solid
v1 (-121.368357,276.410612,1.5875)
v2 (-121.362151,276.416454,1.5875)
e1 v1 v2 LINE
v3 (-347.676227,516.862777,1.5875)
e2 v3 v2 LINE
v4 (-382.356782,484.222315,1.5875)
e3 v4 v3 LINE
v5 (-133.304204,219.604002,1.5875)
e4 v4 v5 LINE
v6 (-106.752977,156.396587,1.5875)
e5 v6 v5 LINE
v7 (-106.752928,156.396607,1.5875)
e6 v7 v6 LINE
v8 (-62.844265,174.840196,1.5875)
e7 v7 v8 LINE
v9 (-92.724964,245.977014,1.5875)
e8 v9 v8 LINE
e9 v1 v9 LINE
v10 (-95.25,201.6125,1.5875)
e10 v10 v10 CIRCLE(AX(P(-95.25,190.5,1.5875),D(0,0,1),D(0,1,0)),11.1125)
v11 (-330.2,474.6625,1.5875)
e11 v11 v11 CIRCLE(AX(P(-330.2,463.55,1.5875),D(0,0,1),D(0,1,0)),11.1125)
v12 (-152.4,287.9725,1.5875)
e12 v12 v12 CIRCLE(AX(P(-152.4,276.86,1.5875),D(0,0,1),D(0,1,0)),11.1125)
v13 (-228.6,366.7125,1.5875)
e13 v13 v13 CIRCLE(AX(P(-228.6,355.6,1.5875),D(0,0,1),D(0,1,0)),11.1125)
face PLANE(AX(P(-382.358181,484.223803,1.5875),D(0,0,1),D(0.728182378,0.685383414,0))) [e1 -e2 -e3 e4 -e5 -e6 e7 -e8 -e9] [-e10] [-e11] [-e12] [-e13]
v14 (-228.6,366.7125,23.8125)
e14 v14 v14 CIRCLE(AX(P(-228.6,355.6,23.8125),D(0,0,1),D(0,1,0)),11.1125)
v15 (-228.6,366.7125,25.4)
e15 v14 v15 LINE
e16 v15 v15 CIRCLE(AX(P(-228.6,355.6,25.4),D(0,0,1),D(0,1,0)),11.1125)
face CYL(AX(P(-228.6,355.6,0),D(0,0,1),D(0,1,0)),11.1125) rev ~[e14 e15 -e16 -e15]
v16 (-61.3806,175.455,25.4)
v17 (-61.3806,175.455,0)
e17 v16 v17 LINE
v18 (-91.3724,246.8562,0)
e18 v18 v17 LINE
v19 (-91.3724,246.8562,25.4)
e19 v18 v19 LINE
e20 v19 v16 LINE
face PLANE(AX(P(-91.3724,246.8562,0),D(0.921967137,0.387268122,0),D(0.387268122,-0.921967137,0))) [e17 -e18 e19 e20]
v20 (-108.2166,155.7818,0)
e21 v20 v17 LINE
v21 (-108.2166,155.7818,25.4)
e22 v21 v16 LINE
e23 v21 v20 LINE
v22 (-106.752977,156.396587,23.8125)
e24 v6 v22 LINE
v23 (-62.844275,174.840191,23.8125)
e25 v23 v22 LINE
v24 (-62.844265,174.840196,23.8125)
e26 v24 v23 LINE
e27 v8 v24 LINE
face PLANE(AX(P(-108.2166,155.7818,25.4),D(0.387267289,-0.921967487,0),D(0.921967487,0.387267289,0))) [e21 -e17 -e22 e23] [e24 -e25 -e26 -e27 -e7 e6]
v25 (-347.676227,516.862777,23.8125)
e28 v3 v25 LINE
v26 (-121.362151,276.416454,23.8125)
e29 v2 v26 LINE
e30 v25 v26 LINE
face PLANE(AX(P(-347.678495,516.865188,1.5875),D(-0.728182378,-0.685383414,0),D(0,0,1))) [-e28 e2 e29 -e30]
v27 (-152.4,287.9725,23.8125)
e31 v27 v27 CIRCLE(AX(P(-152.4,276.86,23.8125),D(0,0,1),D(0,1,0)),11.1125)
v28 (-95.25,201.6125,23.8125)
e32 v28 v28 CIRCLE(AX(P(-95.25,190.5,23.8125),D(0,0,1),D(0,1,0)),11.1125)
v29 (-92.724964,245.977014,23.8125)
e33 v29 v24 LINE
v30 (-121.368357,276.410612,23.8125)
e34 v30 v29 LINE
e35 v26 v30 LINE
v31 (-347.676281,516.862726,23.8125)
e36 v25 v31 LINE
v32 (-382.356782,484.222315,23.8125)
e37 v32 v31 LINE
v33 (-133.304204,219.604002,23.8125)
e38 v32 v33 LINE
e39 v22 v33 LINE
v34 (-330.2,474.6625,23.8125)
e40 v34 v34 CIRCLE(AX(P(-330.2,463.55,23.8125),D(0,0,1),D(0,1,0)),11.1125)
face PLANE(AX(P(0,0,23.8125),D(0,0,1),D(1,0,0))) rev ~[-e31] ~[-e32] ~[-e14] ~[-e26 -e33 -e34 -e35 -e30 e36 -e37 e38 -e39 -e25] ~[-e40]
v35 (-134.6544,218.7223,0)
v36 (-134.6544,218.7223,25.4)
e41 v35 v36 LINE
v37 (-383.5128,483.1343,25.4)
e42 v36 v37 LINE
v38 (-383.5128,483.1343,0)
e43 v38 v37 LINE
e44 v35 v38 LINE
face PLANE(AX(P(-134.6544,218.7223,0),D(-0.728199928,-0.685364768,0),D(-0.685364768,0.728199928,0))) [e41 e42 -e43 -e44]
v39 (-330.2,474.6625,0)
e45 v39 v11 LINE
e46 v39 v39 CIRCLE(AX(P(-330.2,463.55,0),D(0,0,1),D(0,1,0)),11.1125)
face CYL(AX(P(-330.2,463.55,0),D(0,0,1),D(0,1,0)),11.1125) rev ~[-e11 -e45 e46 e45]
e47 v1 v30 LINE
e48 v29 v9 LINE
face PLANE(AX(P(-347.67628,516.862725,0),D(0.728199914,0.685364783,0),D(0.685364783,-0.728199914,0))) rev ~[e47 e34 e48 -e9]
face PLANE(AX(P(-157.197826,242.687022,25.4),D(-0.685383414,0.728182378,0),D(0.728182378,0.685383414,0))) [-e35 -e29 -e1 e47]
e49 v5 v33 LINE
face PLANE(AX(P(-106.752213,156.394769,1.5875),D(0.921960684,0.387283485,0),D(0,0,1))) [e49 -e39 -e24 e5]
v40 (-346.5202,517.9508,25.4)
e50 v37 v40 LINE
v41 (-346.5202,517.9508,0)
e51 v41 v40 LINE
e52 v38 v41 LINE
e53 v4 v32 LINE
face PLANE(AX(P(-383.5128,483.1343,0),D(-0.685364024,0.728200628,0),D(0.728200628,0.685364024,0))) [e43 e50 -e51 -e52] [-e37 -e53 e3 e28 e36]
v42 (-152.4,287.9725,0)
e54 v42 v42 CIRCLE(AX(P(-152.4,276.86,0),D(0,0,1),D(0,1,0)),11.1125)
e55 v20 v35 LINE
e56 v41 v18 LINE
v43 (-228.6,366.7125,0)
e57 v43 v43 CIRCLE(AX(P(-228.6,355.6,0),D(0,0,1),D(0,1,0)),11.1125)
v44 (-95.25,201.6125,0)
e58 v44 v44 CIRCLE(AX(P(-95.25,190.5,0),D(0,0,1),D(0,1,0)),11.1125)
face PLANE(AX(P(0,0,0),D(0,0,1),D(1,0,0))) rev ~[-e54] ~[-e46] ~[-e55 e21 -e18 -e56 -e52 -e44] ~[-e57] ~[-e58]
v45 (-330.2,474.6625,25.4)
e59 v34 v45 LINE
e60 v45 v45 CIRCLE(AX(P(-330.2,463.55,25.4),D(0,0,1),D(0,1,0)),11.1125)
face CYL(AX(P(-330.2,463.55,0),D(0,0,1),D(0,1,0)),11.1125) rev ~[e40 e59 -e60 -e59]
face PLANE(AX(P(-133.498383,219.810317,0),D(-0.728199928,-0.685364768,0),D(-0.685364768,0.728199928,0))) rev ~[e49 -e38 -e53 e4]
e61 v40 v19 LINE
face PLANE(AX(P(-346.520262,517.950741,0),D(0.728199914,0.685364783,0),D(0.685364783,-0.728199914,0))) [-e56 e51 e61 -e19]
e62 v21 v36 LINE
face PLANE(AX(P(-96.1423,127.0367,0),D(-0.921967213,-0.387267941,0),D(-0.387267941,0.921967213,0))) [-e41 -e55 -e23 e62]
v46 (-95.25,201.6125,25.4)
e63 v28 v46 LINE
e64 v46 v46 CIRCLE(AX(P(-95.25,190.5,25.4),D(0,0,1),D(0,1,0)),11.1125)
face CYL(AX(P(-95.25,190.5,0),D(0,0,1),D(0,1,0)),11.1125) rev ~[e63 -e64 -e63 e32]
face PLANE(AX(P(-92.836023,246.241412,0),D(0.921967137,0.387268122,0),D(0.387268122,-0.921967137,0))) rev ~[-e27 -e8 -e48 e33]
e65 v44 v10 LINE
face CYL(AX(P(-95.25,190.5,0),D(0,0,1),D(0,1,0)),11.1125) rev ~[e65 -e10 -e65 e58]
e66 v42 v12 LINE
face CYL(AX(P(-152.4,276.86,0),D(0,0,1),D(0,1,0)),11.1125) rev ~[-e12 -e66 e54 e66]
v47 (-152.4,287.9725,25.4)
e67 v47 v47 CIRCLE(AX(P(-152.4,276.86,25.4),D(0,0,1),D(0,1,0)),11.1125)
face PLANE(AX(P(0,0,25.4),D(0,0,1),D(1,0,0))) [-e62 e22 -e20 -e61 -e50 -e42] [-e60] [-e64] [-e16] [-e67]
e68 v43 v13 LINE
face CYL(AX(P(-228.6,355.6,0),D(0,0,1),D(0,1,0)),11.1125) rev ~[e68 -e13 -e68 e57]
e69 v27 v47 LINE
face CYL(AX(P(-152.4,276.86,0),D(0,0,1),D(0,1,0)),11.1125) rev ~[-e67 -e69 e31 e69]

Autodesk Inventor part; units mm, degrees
ref_plane "YZ Plane" through (0, 0, 0) normal (1, 0, 0) x (0, 1, 0)
ref_plane "XZ Plane" through (0, 0, 0) normal (0, 1, 0) x (-1, 0, 0)
ref_plane "XY Plane" through (0, 0, 0) normal (0, 0, 1) x (1, 0, 0)
sketch "Sketch1" plane through (0, 0, 0) normal (0, 0, 1) x (1, 0, 0)
  line L0 (0, 0) -> (-254, 0)
  line L1 (-254, 406.4) -> (0, 406.4)
  line L2 (0, 406.4) -> (0, 0)
  line L3 (-254, 0) -> (-254, 155.9052)
  line L4 (-285.75, 187.6552) -> (-355.6, 187.6552)
  circle A0 centre (-95.25, 190.5) radius 38.1
  arc A1 (-254, 155.9052) -> (-285.75, 187.6552) centre (-285.75, 155.9052) ccw
  circle A2 centre (-330.2, 463.55) radius 19.05
  line L5 (-515.6961, 0) -> (516.0768, 0) projected
  line L6 (-368.3, 304.8) -> (-355.6, 187.6552)
  circle A3 centre (-228.6, 355.6) radius 19.05
  circle A4 centre (279.7806, 579.9282) radius 88.9
  circle A5 centre (-152.4, 276.86) radius 19.05
  line L7 (-336.55, 187.6552) -> (-368.3, 304.8)
  point P0 (-254, 187.6552)
  dimension "d0" = 406.4
  dimension "d4" = 158.75
  dimension "d5" = 190.5
  dimension "d6" = 76.2
  dimension "d13" = 31.75
  dimension "d14" = 463.55
  dimension "d20" = 330.2
  dimension "d54" = 101.6
  dimension "d59" = 254
  dimension "d61" = 304.8
  dimension "d62" = 187.6552
  dimension "d63" = 12.7
  dimension "d76" = 38.1
  dimension "d87" = 228.6
  dimension "d88" = 355.6
  dimension "d89" = 38.1
  dimension "d90" = 177.8
  dimension "d91" = 38.1
  dimension "d92" = 276.86
  dimension "d93" = 152.4
  dimension "d94" = 82.55
sketch "Sketch5" plane through (0, 0, 0) normal (0, 0, 1) x (1, 0, 0)
  line L0 (-346.559, 517.9919) -> (-91.3724, 246.8562)
  line L1 (-91.3724, 246.8562) -> (-49.3064, 146.7099)
  line L2 (-49.3064, 146.7099) -> (-96.1423, 127.0367)
  line L3 (-96.1423, 127.0367) -> (-134.6544, 218.7223)
  line L4 (-134.6544, 218.7223) -> (-383.5128, 483.1343)
  line L5 (-383.5128, 483.1343) -> (-346.5202, 517.9508)
  point P0 (0, 0)
  point P1 (-95.25, 190.5)
  point P2 (-152.4, 276.86)
  point P3 (-228.6, 355.6)
  point P4 (-330.2, 463.55)
  dimension "d107" = 50.8
  dimension "d108" = 50.8
  dimension "d109" = 25.4
  dimension "d110" = 25.4
  dimension "d111" = 25.4
  dimension "d113" = 50.8
extrude "Extrusion4" add sketch "Sketch5" along normal blind 25.4
hole "Hole1" at (-95.25, 190.5, 0) at (-152.4, 276.86, 0) at (-228.6, 355.6, 0) at (-330.2, 463.55, 0) direction (0, 0, 1) diameter 22.225 end through all
sketch "Sketch6" plane through (0, 0, 25.4) normal (0, 0, 1) x (1, 0, 0)
  line L0 (-108.2166, 155.7818) -> (-61.3806, 175.455)
  line L1 (-49.3064, 146.7099) -> (-91.3724, 246.8562) projected
  line L2 (-61.3806, 175.455) -> (-49.3064, 146.7099)
  line L3 (-134.6544, 218.7223) -> (-96.1423, 127.0367) projected
  line L4 (-49.3064, 146.7099) -> (-96.1423, 127.0367)
  line L5 (-96.1423, 127.0367) -> (-108.2166, 155.7818)
  circle A0 centre (-95.25, 190.5) radius 11.1125 projected
  point P0 (0, 0)
  dimension "d123" = 26.9875
extrude "Extrusion5" cut sketch "Sketch6" against normal blind 25.4 contours L0 L1 L4 L3
shell "Shell1" thickness 1.5875 removed faces 2 at (-92.6046, 162.3395, 8.4667) at (-358.8511, 506.3453, 8.4667)
sketch "Sketch7" plane through (-383.5128, 483.1343, 25.4) normal (-0.6854, 0.7282, 0) x (0.7282, 0.6854, 0)
  line L0 (49.2125, 1.5875) -> (1.5875, 1.5875) projected
  line L1 (1.5875, 1.5875) -> (1.5875, 23.8125) projected
  line L2 (49.2125, 1.5875) -> (1.5875, 1.5875)
  line L3 (1.5875, 1.5875) -> (1.5875, 23.8125)
  line L4 (1.5875, 23.8125) -> (49.2125, 23.8125)
  line L5 (49.2125, 23.8125) -> (49.2125, 1.5875)
  point P0 (-51.8492, 25.4)
extrude "Extrusion6" cut sketch "Sketch7" against normal blind 330.2
sketch "Sketch8" plane through (-108.2166, 155.7818, 0) normal (0.3873, -0.922, 0) x (0.922, 0.3873, 0)
  line L0 (49.2125, 1.5875) -> (49.2125, 23.8125) projected
  line L1 (49.2125, 1.5875) -> (1.5875, 1.5875)
  line L2 (1.5875, 1.5875) -> (1.5875, 23.8125)
  line L3 (1.5875, 23.8125) -> (49.2125, 23.8125)
  line L4 (49.2125, 23.8125) -> (49.2125, 1.5875)
  point P0 (39.4428, 0)
extrude "Extrusion7" cut sketch "Sketch8" against normal blind 76.2
sketch "Sketch9" plane through (0, 0, 25.4) normal (0, 0, 1) x (1, 0, 0)
  line L0 (-382.3568, 484.2223) -> (-133.3019, 219.6015) projected
  line L1 (-91.3724, 246.8562) -> (-346.5202, 517.9508) projected
  line L2 (-61.3806, 175.455) -> (-91.3724, 246.8562) projected
  line L3 (-91.3724, 246.8562) -> (-61.3806, 175.455)
  line L4 (-134.6544, 218.7223) -> (-108.2166, 155.7818) projected
  line L5 (-61.3806, 175.455) -> (-108.2166, 155.7818)
  line L6 (-108.2166, 155.7818) -> (-134.6544, 218.7223)
  line L7 (-383.5128, 483.1343) -> (-134.6544, 218.7223) projected
  line L8 (-91.3724, 246.8562) -> (-134.6544, 218.7223)
  line L9 (-91.3724, 246.8562) -> (-141.3682, 225.8557)
  line L10 (-91.3724, 246.8562) -> (-130.8608, 209.6907)
  line L11 (-346.5202, 517.9508) -> (-383.5128, 483.1343) projected
  point P0 (0, 0)
sketch "Sketch10" plane through (0, 0, 25.4) normal (0, 0, 1) x (1, 0, 0)
  circle A0 centre (-948.4671, 602.0735) radius 85.2109
  circle A1 centre (-704.3018, 697.4759) radius 79.8897
  point P0 (0, 0)
sketch "Sketch11" plane through (0, 0, 0) normal (0, 0, -1) x (-1, 0, 0)
  line L0 (61.3806, 175.455) -> (91.3724, 246.8562) projected
  line L1 (91.3724, 246.8562) -> (141.3682, 225.8557)
  line L2 (383.5128, 483.1343) -> (134.6544, 218.7223) projected
  line L3 (61.3806, 175.455) -> (108.2166, 155.7818) projected
  line L4 (134.6544, 218.7223) -> (108.2166, 155.7818) projected
  line L5 (91.3724, 246.8562) -> (134.6544, 218.7223)
  line L6 (91.3724, 246.8562) -> (346.5202, 517.9508) projected
  line L7 (91.3724, 246.8562) -> (130.8607, 209.6906)
  point P0 (0, 0)
  dimension "d131" = 10.24
properties part number "RollerIntakePrototype 2.0 3 WHEELS"
